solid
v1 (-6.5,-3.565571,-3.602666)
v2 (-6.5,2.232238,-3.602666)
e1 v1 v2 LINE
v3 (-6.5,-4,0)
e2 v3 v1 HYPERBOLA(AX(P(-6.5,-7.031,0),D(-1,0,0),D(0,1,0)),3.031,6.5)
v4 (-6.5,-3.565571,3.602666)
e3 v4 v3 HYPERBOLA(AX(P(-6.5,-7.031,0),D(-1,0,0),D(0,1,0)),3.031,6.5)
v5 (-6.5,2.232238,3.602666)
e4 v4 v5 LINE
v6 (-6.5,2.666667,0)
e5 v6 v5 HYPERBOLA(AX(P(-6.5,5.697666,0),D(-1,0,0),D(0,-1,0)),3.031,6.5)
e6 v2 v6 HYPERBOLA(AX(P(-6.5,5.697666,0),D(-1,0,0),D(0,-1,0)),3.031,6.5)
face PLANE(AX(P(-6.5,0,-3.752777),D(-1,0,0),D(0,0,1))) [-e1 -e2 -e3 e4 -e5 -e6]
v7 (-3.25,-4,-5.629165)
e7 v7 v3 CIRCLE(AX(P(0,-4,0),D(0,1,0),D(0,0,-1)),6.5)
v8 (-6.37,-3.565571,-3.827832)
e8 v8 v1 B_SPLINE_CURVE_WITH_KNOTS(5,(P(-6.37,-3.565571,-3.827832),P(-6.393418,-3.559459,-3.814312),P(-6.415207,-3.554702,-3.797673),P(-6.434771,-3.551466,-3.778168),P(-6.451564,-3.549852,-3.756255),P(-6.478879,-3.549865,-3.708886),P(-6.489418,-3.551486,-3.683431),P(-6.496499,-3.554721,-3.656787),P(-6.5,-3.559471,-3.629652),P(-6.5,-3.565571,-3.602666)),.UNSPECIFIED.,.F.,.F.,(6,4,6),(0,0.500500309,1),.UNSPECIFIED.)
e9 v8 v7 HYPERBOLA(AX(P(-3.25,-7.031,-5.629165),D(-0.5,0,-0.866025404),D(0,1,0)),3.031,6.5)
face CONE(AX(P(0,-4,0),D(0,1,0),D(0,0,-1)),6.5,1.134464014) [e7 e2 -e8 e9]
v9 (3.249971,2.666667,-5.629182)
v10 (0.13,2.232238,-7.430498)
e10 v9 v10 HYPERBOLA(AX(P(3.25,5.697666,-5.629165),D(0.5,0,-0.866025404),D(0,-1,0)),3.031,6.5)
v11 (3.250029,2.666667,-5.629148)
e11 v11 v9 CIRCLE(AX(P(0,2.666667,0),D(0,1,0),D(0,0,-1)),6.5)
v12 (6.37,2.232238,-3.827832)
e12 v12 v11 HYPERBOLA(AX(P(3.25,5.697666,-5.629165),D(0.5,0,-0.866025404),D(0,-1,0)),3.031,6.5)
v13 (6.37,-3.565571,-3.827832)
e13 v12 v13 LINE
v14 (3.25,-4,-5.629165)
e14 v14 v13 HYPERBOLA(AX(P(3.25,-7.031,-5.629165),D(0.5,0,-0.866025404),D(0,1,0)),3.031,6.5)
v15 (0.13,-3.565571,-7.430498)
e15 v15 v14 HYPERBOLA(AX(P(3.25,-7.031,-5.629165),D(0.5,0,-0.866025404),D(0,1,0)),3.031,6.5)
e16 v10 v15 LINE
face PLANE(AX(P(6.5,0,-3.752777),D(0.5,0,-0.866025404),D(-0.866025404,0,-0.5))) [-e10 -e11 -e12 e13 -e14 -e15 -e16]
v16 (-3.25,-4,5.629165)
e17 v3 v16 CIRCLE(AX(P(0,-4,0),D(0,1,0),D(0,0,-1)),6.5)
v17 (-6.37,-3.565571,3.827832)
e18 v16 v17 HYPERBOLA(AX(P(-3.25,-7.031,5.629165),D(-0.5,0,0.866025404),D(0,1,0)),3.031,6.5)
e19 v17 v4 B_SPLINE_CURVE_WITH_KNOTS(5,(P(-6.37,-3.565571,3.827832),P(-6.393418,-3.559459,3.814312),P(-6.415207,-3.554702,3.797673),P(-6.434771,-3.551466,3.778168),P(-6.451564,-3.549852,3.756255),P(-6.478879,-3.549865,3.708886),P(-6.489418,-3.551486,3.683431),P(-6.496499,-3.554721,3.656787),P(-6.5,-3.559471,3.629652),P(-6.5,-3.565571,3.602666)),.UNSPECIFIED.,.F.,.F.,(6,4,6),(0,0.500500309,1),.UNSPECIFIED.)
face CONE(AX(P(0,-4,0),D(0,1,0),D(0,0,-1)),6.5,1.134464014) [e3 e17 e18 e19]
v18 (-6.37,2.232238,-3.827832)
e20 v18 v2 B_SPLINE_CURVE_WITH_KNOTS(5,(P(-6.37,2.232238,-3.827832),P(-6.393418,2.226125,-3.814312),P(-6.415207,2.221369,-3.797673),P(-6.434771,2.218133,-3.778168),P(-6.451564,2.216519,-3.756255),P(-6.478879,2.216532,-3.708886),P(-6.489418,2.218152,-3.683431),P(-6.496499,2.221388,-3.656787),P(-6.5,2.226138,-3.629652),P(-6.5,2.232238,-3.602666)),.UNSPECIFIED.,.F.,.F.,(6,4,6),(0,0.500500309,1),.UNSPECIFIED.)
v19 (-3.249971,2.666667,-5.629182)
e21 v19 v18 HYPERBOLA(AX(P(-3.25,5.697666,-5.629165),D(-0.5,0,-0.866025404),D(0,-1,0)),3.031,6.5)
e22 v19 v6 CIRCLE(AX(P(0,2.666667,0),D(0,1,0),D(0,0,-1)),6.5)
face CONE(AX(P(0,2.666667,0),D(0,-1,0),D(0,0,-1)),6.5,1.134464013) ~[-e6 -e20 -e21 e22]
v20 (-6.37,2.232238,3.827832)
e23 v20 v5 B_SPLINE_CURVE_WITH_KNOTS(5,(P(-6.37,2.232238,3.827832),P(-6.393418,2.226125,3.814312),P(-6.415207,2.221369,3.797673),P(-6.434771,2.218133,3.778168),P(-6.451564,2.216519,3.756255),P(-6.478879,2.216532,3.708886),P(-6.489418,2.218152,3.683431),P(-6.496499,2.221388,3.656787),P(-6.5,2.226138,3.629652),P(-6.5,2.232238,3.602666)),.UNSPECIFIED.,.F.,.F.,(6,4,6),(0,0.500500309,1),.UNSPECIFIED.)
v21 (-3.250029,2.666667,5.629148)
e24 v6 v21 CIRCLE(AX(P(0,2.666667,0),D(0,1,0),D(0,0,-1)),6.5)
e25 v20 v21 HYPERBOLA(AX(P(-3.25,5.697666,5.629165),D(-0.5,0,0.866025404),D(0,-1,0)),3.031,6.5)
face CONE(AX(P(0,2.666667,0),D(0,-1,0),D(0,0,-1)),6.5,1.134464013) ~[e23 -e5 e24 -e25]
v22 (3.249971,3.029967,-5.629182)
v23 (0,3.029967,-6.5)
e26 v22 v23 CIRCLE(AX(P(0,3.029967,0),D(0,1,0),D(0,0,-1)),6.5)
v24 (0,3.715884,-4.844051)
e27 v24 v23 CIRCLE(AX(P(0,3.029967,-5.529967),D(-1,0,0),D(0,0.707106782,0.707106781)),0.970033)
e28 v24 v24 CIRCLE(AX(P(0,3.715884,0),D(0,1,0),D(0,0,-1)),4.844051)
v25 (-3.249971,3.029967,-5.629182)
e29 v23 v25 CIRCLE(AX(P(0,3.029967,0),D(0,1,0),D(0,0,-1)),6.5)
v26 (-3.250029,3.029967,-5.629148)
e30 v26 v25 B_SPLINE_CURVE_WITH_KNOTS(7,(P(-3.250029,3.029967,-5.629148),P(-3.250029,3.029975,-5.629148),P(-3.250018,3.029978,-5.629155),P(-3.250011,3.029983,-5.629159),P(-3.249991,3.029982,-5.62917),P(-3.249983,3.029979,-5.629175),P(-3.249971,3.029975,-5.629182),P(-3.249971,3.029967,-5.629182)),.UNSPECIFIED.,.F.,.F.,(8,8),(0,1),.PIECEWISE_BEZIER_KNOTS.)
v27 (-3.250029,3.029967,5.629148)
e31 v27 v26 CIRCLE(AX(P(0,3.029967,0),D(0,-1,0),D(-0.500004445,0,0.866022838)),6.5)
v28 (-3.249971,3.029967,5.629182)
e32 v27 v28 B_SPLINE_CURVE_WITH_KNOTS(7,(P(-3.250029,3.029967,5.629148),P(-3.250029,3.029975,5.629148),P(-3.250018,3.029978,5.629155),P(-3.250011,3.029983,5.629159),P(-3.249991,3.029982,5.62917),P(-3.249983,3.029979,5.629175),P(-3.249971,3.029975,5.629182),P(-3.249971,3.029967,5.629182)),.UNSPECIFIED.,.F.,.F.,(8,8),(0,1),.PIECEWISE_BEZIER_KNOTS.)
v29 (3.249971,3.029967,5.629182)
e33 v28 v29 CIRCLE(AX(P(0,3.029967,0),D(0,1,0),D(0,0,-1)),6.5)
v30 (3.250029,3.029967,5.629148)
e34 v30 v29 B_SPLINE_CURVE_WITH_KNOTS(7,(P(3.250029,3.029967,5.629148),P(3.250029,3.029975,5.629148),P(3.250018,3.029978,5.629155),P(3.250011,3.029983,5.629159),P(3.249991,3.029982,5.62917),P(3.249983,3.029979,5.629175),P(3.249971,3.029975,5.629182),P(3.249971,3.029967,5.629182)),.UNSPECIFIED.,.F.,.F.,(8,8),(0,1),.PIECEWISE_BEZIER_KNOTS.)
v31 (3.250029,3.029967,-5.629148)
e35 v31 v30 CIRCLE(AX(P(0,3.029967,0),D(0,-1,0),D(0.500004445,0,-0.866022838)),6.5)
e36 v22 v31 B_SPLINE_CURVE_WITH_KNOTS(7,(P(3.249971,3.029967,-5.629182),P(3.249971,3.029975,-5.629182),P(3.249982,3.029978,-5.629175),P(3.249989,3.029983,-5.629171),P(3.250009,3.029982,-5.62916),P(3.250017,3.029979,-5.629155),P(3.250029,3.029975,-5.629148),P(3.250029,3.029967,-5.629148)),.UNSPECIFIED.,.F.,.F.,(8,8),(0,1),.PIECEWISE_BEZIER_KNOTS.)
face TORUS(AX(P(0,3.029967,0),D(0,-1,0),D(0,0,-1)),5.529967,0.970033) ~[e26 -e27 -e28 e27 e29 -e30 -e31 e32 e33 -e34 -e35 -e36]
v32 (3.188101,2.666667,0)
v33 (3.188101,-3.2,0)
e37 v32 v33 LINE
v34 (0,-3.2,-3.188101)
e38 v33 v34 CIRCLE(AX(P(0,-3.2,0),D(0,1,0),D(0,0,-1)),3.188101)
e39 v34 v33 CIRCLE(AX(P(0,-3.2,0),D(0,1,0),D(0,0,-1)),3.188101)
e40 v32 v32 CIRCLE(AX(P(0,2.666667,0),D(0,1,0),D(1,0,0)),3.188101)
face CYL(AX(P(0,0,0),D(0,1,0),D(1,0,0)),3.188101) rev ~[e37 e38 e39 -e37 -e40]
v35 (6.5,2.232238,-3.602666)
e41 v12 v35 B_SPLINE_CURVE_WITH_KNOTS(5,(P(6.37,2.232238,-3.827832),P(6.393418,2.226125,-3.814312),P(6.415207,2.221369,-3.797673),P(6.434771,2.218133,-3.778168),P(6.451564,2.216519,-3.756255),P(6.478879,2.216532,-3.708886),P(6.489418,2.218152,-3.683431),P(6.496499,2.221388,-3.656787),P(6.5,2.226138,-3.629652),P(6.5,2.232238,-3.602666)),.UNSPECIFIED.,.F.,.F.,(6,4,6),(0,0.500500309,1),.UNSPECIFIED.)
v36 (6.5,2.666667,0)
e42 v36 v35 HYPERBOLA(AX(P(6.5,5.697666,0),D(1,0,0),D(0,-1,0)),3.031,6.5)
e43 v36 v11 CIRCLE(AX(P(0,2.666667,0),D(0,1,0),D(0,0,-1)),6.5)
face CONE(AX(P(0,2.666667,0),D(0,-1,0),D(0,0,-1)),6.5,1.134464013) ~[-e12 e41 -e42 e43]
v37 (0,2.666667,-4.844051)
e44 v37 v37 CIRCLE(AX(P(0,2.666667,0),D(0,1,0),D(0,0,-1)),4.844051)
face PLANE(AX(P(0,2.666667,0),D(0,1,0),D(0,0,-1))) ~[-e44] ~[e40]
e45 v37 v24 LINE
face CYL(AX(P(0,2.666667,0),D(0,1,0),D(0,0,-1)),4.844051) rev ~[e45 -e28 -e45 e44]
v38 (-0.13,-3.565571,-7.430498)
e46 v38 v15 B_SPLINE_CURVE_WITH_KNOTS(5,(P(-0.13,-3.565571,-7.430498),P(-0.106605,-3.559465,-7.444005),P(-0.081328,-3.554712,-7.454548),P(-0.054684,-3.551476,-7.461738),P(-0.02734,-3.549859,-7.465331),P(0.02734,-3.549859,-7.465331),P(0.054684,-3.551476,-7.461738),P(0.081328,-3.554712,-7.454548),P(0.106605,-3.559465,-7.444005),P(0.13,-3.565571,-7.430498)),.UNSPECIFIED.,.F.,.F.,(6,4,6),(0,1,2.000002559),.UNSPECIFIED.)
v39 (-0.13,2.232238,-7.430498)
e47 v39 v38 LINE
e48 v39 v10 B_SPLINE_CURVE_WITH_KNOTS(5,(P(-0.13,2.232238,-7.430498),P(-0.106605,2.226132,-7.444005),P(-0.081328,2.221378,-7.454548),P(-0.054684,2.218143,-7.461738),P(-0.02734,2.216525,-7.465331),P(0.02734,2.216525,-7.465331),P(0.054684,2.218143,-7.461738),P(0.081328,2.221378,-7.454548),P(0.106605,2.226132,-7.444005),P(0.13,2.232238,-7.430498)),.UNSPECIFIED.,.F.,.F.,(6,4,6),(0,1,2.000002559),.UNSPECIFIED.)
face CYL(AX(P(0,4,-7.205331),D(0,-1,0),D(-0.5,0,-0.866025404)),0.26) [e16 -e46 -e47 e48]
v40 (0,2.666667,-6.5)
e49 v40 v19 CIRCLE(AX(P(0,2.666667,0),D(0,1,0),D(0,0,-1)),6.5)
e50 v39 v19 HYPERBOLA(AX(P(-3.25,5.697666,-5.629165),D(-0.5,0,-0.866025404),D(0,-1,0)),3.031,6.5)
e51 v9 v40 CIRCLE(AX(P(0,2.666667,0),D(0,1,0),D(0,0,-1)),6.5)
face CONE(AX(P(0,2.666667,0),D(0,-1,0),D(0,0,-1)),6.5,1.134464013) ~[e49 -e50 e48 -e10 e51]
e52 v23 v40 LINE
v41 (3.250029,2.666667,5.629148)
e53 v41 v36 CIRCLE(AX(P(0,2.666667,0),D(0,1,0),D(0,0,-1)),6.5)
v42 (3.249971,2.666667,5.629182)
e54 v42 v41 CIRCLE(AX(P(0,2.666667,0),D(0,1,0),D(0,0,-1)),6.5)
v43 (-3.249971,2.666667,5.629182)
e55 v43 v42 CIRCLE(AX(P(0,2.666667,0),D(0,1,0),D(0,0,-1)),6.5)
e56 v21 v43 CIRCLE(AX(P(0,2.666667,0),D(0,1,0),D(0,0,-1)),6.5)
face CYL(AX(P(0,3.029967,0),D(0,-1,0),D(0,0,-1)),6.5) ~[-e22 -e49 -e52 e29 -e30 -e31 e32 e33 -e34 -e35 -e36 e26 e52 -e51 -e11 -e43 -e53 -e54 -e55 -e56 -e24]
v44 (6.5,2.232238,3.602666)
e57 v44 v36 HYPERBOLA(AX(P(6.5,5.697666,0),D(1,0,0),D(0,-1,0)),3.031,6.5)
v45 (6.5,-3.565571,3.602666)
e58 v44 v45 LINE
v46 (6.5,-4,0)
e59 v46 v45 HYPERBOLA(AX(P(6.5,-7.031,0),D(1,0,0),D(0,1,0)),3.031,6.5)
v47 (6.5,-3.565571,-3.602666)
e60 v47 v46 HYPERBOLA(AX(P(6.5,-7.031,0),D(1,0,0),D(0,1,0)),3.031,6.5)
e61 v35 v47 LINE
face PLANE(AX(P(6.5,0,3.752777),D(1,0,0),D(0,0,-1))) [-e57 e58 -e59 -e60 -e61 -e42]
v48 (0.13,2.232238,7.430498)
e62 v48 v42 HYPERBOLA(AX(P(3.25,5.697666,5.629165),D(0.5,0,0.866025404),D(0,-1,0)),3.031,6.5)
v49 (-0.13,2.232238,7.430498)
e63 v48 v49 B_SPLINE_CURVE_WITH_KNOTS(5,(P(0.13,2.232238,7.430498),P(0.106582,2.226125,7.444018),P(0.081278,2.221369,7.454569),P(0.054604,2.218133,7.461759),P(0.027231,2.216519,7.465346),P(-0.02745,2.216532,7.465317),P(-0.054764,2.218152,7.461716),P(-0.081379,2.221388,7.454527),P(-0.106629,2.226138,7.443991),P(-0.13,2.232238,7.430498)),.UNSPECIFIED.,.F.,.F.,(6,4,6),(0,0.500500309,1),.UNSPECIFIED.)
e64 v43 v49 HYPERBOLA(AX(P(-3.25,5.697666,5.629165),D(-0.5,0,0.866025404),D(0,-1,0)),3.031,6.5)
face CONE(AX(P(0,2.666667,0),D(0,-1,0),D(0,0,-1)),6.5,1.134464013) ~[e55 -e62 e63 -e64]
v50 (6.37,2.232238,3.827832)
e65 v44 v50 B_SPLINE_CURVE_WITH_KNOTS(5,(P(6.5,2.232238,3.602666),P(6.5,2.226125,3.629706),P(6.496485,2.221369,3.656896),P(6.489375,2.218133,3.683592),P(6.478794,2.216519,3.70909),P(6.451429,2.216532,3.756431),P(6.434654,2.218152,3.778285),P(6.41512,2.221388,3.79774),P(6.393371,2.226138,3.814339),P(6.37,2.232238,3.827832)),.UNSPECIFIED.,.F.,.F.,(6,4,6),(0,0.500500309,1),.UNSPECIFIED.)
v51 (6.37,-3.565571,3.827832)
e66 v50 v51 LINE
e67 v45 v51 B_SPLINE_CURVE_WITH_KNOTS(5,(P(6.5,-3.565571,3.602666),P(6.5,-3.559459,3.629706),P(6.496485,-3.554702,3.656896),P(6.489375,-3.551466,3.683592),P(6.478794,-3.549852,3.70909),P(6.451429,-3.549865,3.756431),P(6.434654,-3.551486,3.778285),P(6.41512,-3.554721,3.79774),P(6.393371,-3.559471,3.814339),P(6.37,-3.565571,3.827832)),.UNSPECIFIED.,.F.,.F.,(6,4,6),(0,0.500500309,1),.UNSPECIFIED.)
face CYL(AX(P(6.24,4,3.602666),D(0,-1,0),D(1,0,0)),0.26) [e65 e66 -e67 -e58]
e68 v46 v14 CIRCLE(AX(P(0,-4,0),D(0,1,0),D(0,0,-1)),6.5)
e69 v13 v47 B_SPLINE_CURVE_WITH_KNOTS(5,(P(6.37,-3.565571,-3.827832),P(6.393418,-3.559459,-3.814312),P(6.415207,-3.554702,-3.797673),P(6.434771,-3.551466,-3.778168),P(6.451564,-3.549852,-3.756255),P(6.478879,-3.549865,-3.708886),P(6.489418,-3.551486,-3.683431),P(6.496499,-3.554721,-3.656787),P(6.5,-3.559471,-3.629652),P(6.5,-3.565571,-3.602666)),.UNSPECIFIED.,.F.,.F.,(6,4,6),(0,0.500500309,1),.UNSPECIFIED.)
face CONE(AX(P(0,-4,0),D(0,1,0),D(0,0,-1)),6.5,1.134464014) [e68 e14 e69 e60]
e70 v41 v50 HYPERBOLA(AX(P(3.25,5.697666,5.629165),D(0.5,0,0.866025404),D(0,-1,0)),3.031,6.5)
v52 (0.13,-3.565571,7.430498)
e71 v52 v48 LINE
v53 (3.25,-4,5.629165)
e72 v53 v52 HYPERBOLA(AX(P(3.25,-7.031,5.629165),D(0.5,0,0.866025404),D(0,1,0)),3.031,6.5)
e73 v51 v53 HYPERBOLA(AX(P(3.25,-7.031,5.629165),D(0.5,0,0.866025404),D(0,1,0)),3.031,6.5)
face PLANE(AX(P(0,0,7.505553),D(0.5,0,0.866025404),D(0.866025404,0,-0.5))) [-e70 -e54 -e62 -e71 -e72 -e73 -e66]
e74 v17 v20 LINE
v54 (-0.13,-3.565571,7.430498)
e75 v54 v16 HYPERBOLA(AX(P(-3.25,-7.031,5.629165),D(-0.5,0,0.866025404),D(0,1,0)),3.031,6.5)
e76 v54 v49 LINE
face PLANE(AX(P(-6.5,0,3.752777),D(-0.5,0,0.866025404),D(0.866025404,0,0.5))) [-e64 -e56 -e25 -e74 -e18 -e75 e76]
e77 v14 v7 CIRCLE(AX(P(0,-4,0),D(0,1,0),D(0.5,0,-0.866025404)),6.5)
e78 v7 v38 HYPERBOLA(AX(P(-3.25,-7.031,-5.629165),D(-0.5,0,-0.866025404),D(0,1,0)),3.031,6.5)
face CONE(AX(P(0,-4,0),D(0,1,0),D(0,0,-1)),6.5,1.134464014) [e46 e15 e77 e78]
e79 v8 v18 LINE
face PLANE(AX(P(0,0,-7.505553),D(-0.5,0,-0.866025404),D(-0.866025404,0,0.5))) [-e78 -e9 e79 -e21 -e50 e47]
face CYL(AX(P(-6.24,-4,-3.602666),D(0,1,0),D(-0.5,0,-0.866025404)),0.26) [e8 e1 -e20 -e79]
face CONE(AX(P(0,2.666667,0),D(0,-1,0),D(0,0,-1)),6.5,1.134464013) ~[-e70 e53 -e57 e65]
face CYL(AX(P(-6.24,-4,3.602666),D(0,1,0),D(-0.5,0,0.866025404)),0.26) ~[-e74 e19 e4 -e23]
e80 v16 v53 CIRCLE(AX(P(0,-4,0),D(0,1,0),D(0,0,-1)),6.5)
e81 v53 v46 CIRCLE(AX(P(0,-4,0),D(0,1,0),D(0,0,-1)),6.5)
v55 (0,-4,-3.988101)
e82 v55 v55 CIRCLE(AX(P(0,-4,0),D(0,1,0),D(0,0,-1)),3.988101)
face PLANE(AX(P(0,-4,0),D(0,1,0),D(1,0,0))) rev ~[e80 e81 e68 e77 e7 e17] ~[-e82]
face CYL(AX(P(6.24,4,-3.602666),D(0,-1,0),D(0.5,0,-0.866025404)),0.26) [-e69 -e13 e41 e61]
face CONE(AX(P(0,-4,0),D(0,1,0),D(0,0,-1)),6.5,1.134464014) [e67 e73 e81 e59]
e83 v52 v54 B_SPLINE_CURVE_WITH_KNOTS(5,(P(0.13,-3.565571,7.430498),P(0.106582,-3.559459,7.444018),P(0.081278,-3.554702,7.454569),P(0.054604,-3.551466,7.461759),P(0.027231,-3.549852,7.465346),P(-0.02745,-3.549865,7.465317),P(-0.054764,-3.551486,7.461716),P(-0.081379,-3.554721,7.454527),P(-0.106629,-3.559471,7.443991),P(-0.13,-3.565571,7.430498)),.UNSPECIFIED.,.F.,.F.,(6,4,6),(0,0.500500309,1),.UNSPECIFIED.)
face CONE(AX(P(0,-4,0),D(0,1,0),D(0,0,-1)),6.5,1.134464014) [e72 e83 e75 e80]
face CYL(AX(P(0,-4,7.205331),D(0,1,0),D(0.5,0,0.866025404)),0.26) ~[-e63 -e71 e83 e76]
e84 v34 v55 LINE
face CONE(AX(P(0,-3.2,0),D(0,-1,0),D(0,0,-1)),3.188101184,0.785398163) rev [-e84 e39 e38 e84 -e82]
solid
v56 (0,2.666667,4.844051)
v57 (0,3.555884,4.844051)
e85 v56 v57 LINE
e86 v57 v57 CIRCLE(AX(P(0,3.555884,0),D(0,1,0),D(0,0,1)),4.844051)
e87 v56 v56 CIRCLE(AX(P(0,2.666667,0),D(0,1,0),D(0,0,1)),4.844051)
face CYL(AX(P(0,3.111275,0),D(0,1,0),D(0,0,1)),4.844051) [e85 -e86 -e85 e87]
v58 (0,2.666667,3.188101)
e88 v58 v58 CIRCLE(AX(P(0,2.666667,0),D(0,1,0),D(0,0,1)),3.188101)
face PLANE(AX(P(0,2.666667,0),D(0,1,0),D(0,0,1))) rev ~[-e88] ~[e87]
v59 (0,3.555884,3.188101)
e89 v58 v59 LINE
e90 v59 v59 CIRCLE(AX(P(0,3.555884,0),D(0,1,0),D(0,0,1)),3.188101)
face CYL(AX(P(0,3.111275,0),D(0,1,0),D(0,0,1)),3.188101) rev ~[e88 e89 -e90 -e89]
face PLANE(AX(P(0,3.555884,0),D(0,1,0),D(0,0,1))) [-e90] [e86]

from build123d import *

# Parameters (mm, degrees)
SKETCH2_R                = 3.188101184
BOSS_EXTRUDE1_DEPTH      = 4
BOSS_EXTRUDE1_DEPTH_BACK = 4
FILLET1_R                = 0.26
SKETCH4_W                = 1.655949408
SKETCH4_H                = 0.889217332


with BuildPart() as part:
    # Sketch2 → Boss-Extrude1 (new body, two sides)
    with BuildSketch(Plane(origin=(0, 0, 0), x_dir=(1, 0, 0), z_dir=(0, 1, 0))) as boss_extrude1_sk:
        Polygon((0, 7.505553499), (-6.5, 3.75277675), (-6.5, -3.75277675), (0, -7.505553499), (6.5, -3.75277675), (6.5, 3.75277675), align=None)
        Circle(SKETCH2_R, mode=Mode.SUBTRACT)
    extrude(amount=BOSS_EXTRUDE1_DEPTH)
    extrude(boss_extrude1_sk.sketch, amount=-BOSS_EXTRUDE1_DEPTH_BACK)

    # Fillet1
    fillet1_edges = [part.edges().sort_by_distance(p)[0] for p in [
        (6.5, 0, -3.75277675),
        (6.5, 0, 3.75277675),
        (0, 0, 7.505553499),
        (-6.5, 0, 3.75277675),
        (-6.5, 0, -3.75277675),
        (0, 0, -7.505553499),
    ]]
    fillet(fillet1_edges, radius=FILLET1_R)

    # Sketch3 → Cut-Revolve2 (revolve, cut)
    with BuildSketch(Plane(origin=(0, 0, 0), x_dir=(0, 0, -1), z_dir=(1, 0, 0))):
        with BuildLine():
            Line((7.505553499, 2.666666667), (7.505553499, 5))
            Line((7.505553499, 5), (3.188101184, 5))
            Line((3.188101184, 5), (3.188101184, 2.666666667))
            Line((3.188101184, 2.666666667), (4.844050592, 2.666666667))
            Line((4.844050592, 2.666666667), (4.844050592, 3.715883999))
            ThreePointArc((4.844050592, 3.715883999), (5.90118274, 3.926160657), (6.5, 3.029967295))
            Line((6.5, 3.029967295), (6.5, 2.666666667))
            Line((6.5, 2.666666667), (7.505553499, 2.197769369))
            Line((7.505553499, 2.197769369), (7.505553499, 2.666666667))
        make_face()
        Polygon((6.5, -4), (7.505553499, -3.531102703), (7.505553499, -4), align=None)
        Polygon((3.188101184, -4), (3.188101184, -3.2), (3.988101184, -4), align=None)
    revolve(axis=Axis((0, -4, 0), (0, 1, 0)), mode=Mode.SUBTRACT)


with BuildPart() as body_2:
    # Sketch4 → Revolve1 (revolve)
    with BuildSketch(Plane(origin=(0, 0, 0), x_dir=(0, 0, -1), z_dir=(1, 0, 0))):
        with Locations((-4.016075888, 3.111275333)):
            Rectangle(SKETCH4_W, SKETCH4_H)
    revolve(axis=Axis((0, -4, 0), (0, 1, 0)))


solid = Compound([part.part, body_2.part])
